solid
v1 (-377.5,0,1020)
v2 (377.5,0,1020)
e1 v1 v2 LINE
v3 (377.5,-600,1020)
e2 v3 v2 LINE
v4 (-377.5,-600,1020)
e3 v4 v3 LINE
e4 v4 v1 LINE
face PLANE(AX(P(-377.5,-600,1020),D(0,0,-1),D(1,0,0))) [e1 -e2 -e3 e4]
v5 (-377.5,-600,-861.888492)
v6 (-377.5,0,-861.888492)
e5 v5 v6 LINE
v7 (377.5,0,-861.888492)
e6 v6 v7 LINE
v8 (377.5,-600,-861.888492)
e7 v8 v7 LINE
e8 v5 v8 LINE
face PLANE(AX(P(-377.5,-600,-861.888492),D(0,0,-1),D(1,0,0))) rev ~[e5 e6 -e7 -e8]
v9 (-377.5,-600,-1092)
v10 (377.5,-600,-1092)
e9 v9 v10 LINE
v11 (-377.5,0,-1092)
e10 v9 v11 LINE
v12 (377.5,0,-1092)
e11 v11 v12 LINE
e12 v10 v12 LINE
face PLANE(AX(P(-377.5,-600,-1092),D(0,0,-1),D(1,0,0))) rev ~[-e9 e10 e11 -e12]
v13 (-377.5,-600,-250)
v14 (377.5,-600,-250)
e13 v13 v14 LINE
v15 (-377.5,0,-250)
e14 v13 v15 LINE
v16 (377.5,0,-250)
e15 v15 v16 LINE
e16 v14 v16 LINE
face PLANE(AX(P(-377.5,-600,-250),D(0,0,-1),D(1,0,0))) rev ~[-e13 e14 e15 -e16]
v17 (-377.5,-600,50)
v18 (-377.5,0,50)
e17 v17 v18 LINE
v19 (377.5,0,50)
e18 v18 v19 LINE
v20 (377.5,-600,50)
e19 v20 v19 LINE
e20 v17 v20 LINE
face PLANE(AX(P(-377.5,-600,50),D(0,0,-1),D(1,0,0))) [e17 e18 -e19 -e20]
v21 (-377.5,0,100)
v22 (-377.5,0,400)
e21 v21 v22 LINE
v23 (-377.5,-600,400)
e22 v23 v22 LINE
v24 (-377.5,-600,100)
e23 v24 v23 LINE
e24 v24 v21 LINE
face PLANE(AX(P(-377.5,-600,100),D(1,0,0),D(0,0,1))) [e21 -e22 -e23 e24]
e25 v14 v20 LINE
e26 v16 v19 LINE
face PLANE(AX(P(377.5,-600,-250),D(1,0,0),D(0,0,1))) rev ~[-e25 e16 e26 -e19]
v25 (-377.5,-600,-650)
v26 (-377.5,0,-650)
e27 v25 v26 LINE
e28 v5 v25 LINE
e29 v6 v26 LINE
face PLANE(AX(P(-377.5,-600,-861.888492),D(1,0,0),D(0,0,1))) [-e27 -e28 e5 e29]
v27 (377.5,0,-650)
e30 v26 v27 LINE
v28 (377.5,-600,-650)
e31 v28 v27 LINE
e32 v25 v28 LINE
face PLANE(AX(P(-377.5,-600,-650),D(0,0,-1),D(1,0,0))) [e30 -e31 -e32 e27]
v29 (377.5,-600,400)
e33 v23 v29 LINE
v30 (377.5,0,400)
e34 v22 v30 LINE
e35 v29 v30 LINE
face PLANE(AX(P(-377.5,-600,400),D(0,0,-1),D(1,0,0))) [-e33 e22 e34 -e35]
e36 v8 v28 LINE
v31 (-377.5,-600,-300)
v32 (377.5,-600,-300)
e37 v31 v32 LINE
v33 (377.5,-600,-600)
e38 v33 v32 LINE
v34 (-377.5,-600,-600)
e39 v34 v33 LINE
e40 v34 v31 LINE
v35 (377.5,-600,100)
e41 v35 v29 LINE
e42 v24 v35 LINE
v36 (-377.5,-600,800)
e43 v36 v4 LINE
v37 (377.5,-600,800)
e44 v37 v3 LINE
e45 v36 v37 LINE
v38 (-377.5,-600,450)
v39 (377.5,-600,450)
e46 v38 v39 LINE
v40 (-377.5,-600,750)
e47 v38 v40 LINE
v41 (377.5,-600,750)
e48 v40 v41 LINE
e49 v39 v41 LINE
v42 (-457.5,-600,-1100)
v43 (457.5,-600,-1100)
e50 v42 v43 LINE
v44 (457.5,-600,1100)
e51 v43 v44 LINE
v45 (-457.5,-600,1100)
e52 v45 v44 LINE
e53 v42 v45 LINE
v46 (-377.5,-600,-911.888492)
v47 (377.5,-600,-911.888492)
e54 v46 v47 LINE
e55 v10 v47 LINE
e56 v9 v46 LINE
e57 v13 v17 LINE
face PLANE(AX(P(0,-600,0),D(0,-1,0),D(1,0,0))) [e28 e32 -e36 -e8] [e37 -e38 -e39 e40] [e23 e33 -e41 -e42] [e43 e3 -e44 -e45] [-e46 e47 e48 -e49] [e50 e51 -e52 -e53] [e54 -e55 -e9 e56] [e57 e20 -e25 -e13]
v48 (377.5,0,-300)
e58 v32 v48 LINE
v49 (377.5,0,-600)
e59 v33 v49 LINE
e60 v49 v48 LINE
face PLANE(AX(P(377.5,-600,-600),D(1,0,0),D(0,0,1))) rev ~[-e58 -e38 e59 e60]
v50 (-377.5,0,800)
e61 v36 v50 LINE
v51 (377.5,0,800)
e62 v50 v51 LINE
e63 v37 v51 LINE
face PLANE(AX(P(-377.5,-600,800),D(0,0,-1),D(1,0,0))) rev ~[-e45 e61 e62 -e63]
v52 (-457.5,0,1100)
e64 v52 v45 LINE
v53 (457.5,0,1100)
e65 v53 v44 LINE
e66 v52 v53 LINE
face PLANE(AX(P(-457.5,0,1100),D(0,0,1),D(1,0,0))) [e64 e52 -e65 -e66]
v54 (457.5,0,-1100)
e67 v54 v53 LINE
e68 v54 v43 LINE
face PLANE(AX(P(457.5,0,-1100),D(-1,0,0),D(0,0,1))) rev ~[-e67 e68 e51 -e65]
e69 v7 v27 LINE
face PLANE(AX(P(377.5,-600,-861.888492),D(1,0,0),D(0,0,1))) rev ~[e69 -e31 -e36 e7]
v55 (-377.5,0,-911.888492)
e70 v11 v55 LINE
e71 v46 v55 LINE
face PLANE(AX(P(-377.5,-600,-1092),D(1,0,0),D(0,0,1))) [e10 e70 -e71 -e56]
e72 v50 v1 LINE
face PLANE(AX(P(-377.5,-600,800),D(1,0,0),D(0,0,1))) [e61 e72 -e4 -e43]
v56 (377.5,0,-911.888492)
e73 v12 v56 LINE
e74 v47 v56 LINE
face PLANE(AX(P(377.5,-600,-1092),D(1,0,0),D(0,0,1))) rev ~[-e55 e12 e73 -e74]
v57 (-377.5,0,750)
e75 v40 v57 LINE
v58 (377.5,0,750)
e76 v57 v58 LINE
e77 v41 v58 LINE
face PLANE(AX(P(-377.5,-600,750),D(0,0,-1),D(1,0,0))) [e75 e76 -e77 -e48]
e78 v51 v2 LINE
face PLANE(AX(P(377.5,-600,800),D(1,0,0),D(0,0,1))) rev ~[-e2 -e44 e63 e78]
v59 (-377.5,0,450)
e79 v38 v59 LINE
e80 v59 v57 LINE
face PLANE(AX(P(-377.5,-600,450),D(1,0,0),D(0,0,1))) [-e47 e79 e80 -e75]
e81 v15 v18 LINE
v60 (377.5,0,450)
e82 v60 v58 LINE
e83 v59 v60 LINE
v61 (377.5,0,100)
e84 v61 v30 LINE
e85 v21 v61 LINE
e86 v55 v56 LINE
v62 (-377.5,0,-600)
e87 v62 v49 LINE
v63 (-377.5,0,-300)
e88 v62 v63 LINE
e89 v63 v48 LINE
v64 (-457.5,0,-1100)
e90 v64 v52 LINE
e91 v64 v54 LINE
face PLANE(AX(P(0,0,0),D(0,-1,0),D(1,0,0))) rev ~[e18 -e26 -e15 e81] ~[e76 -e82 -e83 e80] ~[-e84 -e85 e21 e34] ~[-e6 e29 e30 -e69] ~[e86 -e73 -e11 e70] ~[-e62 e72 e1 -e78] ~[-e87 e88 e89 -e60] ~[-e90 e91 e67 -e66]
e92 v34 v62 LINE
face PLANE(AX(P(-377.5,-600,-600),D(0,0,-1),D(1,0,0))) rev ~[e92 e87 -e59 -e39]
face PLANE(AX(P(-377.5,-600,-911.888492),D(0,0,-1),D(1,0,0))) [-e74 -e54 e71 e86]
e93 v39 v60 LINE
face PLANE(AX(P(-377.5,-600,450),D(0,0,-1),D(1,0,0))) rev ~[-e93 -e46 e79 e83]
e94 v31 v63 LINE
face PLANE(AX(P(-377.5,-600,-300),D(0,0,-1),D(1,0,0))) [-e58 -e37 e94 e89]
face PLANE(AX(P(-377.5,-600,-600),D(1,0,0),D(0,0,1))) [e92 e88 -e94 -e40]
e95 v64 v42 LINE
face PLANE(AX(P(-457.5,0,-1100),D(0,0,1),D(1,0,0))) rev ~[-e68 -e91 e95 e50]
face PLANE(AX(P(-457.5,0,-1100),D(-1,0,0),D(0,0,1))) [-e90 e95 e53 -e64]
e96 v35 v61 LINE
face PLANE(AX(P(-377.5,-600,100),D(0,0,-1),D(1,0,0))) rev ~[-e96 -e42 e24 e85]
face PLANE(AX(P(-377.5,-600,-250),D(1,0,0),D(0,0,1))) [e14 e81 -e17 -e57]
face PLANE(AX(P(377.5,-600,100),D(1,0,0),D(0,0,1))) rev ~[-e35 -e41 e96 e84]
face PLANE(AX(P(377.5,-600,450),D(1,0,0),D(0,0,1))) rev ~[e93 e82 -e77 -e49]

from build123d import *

# Parameters (mm, degrees)
F0_W     = 915
F0_H     = 2200
F1_DEPTH = 600
F2_W     = 755
F2_H     = 220
F2_H_2   = 300
F2_H_3   = 211.888492
F2_H_4   = 180.111508
F3_DEPTH = 600


with BuildPart() as f1:
    # F0 (on Front) → F1 (new body)
    with BuildSketch(Plane.XZ):
        Rectangle(F0_W, F0_H)
    extrude(amount=F1_DEPTH)

    # F2 (on face) → F3 (cut, through all)
    with BuildSketch(Plane.XZ.offset(600)):
        with Locations((0, 910)):
            Rectangle(F2_W, F2_H)
        with Locations((0, 600)):
            Rectangle(F2_W, F2_H_2)
        with Locations((0, 250)):
            Rectangle(F2_W, F2_H_2)
        with Locations((0, -100)):
            Rectangle(F2_W, F2_H_2)
        with Locations((0, -450)):
            Rectangle(F2_W, F2_H_2)
        with Locations((0, -755.944246)):
            Rectangle(F2_W, F2_H_3)
        with Locations((0, -1001.944246)):
            Rectangle(F2_W, F2_H_4)
    extrude(amount=-F3_DEPTH, mode=Mode.SUBTRACT)


solid = f1.part
